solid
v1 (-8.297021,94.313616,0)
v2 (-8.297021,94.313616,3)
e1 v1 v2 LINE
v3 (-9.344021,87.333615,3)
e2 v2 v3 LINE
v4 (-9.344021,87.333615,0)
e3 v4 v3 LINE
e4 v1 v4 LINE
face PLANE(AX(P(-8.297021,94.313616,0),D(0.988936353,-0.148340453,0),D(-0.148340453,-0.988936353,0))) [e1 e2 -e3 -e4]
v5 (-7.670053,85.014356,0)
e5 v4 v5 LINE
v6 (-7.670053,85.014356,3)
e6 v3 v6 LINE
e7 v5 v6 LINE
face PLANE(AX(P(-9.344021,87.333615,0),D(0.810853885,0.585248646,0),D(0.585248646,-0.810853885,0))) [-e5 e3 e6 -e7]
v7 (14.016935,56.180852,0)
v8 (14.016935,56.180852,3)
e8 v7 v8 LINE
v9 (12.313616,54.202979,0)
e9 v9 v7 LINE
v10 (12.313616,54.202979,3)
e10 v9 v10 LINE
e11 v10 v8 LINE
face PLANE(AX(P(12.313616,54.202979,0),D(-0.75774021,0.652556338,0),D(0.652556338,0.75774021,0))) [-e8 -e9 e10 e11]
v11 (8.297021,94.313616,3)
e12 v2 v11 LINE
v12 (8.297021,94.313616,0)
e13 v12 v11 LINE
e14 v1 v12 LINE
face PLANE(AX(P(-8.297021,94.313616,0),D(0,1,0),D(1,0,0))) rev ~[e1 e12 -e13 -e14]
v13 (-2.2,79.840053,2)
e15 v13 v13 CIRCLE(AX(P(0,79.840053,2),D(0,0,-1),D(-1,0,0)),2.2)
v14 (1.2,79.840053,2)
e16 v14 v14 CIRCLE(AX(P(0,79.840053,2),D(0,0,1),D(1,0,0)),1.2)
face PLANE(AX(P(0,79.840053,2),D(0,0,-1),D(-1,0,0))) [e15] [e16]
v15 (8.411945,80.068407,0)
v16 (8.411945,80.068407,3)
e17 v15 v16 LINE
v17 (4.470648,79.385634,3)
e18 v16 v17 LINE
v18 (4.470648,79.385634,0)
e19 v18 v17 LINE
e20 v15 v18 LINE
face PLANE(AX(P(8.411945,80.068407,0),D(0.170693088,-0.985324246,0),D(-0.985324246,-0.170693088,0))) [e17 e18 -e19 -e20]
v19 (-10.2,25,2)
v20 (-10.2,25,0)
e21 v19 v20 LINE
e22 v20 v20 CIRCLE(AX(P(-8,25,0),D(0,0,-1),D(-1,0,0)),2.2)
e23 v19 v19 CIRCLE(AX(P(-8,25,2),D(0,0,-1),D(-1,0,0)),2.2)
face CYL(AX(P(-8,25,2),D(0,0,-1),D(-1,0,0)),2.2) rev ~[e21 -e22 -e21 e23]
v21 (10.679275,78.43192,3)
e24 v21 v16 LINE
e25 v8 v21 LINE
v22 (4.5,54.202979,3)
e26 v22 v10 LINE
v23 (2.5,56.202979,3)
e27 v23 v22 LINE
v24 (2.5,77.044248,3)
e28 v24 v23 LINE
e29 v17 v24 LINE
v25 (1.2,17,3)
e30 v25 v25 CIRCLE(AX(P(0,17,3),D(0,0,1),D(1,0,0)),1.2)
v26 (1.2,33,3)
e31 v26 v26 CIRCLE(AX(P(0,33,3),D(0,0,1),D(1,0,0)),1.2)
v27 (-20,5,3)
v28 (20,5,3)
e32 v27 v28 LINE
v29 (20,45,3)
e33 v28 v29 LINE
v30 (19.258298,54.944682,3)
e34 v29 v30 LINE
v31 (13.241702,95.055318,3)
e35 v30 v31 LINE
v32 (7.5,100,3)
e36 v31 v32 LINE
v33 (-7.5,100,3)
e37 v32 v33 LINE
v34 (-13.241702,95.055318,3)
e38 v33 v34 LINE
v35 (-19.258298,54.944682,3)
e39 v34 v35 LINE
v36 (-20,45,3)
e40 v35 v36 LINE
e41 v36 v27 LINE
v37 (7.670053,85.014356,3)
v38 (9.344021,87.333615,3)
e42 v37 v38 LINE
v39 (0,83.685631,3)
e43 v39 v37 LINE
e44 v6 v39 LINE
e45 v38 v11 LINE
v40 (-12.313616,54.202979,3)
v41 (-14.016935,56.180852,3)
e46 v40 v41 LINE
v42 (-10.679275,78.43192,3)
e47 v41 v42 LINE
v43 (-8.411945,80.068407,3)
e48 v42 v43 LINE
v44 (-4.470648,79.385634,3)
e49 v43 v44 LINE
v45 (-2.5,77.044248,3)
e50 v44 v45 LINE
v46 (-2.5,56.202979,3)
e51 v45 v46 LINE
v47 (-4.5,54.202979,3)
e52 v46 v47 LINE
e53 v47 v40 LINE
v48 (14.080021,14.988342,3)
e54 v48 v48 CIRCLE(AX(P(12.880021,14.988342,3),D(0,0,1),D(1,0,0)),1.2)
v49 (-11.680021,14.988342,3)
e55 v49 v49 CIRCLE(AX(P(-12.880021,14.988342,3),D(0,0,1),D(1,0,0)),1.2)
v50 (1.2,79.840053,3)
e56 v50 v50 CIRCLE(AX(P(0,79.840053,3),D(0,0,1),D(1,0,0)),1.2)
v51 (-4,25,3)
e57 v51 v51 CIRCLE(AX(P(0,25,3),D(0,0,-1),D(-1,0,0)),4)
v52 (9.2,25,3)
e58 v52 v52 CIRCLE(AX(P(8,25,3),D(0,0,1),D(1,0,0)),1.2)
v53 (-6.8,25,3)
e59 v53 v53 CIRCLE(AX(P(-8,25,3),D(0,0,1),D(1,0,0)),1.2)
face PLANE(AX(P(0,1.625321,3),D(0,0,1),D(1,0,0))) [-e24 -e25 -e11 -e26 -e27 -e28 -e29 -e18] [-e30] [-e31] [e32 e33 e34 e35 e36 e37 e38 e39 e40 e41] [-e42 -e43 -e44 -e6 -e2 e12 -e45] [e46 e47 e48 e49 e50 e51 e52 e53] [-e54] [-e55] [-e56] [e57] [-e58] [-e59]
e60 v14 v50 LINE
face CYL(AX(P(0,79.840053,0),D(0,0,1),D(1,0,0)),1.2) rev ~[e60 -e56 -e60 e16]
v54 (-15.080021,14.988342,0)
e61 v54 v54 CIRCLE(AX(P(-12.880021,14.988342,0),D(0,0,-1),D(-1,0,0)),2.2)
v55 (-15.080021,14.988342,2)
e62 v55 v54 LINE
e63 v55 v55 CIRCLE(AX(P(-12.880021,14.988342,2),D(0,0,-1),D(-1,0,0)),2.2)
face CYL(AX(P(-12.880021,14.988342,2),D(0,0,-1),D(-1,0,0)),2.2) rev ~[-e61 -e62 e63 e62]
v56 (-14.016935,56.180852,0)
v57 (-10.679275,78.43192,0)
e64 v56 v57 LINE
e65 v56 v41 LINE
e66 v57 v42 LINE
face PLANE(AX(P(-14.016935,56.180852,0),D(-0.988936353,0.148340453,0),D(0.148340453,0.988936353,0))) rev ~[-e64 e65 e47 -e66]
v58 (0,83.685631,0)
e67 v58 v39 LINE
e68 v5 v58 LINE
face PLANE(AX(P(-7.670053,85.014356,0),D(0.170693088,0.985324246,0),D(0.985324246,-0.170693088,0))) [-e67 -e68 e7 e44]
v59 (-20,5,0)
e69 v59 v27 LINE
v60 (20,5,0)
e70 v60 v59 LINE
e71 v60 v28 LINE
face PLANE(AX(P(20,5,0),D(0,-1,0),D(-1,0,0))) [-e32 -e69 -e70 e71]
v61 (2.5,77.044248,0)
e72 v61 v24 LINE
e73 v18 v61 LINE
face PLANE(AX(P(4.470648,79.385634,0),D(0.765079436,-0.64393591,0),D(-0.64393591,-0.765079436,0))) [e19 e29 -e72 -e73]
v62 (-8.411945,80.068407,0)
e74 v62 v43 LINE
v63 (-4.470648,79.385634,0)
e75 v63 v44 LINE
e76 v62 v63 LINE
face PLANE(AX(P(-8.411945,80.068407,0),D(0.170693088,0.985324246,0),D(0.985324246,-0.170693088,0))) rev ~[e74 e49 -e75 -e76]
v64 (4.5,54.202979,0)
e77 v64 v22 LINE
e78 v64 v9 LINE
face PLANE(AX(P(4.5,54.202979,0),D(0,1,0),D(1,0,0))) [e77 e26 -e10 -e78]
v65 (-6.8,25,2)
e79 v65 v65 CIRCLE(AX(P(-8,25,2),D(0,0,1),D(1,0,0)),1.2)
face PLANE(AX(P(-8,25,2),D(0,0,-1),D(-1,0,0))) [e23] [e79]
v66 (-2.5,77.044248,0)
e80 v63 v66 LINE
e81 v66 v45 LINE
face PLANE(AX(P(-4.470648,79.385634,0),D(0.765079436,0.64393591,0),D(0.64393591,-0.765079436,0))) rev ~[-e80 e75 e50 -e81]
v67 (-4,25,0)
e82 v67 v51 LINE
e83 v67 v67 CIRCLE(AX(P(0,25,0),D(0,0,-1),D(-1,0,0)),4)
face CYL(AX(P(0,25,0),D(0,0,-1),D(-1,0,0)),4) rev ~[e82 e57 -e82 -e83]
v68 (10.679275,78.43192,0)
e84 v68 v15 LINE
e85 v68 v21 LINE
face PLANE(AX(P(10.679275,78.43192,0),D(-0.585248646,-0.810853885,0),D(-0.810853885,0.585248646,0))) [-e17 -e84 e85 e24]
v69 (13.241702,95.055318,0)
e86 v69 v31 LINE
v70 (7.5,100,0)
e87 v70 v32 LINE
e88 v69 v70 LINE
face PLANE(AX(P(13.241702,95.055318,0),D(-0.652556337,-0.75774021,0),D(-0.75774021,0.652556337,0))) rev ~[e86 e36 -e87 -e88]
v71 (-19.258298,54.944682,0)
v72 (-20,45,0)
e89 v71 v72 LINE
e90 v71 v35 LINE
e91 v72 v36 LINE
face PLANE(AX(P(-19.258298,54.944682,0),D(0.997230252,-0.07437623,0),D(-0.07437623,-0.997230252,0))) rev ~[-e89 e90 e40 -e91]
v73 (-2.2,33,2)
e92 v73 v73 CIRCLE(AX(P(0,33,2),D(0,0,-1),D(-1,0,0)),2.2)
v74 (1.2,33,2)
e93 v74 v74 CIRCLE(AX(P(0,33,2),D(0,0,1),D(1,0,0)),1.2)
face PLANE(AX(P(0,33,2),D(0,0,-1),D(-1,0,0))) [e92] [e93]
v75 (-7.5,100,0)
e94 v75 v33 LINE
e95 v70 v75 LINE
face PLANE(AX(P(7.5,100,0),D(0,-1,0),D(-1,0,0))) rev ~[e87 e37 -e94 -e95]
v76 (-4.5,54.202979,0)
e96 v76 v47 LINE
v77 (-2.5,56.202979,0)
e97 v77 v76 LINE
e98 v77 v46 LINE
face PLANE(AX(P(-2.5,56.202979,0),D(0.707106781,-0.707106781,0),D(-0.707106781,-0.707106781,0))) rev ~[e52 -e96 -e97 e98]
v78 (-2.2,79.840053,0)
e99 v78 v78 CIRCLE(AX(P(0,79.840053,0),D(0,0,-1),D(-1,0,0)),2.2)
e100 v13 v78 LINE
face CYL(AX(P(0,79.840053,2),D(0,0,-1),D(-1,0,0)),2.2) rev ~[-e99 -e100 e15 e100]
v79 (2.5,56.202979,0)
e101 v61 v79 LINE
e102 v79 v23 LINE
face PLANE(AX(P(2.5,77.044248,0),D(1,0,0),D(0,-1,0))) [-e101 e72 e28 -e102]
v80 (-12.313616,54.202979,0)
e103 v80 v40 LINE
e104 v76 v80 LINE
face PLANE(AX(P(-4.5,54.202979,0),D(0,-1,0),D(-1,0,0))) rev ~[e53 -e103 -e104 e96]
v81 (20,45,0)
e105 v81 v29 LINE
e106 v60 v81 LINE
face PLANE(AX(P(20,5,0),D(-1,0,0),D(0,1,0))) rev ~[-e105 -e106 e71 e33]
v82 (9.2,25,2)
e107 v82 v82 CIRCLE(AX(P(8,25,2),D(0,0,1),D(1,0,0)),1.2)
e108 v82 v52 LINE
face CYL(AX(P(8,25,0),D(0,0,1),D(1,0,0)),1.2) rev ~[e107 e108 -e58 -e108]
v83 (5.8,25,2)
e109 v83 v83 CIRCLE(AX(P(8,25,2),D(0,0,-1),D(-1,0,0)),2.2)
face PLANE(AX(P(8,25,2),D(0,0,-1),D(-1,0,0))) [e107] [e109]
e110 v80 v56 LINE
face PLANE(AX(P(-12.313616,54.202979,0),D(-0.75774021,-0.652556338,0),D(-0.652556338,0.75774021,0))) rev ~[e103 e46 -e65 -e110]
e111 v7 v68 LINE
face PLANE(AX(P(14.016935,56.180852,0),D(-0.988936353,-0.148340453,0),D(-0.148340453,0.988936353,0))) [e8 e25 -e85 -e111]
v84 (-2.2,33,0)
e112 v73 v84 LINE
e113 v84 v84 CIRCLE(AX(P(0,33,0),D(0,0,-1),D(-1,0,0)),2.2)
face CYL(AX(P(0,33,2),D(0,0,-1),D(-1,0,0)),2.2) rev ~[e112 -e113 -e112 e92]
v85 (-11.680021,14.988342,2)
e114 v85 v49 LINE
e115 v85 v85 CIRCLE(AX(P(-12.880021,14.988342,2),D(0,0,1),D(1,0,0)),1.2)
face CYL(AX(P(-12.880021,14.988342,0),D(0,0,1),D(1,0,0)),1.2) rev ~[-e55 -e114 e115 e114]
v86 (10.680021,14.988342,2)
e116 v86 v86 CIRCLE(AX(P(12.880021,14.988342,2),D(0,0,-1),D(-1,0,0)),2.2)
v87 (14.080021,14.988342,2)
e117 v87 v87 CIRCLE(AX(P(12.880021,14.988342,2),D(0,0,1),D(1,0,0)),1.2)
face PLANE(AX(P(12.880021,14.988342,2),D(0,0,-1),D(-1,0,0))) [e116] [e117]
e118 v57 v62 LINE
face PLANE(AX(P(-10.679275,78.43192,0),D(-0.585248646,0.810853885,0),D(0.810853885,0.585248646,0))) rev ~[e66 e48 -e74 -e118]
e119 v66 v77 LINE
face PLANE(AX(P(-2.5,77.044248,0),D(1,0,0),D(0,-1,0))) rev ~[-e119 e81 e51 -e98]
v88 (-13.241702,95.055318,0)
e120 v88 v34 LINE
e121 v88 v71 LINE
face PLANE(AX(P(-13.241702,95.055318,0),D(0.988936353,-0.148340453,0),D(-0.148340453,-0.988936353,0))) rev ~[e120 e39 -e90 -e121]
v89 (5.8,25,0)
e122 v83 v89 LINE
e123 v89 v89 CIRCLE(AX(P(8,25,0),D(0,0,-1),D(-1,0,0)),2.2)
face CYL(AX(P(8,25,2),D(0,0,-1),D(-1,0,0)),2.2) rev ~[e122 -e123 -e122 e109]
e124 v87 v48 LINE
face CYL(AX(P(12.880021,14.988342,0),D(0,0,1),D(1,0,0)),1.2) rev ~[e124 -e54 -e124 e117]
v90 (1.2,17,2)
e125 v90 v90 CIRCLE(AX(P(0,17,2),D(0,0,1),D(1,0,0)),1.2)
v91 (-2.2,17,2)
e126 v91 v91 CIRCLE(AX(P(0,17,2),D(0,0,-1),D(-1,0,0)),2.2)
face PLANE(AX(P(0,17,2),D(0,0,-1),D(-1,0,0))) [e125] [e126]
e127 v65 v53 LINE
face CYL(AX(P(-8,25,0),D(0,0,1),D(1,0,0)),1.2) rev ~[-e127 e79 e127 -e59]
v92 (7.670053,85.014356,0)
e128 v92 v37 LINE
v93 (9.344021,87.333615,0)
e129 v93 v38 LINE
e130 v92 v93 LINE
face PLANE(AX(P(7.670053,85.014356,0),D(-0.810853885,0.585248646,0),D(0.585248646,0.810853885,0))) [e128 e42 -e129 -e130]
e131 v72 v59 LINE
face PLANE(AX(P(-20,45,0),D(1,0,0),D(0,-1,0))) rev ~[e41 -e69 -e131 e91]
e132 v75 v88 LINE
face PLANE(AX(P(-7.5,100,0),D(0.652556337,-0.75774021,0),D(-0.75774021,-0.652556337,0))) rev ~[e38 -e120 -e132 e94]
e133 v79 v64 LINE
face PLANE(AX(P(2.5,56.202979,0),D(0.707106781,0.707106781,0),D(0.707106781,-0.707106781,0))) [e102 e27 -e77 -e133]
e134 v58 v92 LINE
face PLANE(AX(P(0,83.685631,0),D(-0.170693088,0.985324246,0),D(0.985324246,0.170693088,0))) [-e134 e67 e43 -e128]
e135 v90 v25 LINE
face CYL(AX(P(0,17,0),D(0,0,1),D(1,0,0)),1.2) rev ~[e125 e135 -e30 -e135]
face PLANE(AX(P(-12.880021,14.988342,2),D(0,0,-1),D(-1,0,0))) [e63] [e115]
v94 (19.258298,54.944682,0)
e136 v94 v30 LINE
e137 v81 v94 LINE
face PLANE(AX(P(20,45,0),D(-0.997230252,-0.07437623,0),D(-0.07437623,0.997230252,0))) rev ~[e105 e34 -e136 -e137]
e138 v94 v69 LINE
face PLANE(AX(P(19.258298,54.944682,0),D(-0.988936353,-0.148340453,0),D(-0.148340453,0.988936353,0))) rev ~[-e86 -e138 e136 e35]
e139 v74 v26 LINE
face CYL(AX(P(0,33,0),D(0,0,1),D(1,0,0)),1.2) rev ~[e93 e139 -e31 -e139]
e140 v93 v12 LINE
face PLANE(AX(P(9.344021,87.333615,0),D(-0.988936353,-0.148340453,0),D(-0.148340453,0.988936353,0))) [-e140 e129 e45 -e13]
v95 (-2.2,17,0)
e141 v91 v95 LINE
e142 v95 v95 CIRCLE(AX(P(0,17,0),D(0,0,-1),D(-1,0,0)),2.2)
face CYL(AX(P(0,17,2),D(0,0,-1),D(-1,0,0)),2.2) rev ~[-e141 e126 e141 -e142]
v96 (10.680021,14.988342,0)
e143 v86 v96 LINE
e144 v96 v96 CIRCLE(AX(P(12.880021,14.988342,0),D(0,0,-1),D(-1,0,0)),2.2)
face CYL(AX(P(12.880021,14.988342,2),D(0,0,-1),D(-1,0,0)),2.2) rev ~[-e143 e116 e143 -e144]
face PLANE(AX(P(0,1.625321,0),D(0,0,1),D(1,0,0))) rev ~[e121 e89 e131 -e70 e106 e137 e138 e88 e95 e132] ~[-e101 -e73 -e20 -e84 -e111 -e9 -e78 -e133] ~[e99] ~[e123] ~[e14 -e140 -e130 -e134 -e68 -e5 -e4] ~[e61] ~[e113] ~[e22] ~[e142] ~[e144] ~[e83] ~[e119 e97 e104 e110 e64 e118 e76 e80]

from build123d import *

# Parameters (mm, degrees)
EXTRUDE_1_DEPTH              = 3
CUT_EXTRUDE_1_REACH          = 104.025
SKETCH_2_W                   = 5
SKETCH_2_H                   = 10
HOLE_WIZARD_M2_1_D           = 2.4
HOLE_WIZARD_M2_1_CBORE_D     = 4.4
HOLE_WIZARD_M2_1_CBORE_DEPTH = 2
CUT_EXTRUDE_2_REACH          = 104.025
SKETCH_5_R                   = 4
HOLE_WIZARD_M2_2_D           = 2.4
HOLE_WIZARD_M2_2_CBORE_D     = 4.4
HOLE_WIZARD_M2_2_CBORE_DEPTH = 2
HOLE_WIZARD_M2_3_D           = 2.4
HOLE_WIZARD_M2_3_CBORE_D     = 4.4
HOLE_WIZARD_M2_3_CBORE_DEPTH = 2
CUT_EXTRUDE_3_DEPTH          = 3
HOLE_WIZARD_M2_5_D           = 2.4
HOLE_WIZARD_M2_5_CBORE_D     = 4.4
HOLE_WIZARD_M2_5_CBORE_DEPTH = 2
HOLE_WIZARD_M2_6_D           = 2.4
HOLE_WIZARD_M2_6_CBORE_D     = 4.4
HOLE_WIZARD_M2_6_CBORE_DEPTH = 2
SKETCH_17_OUTSIDE_W          = 82.796
SKETCH_17_OUTSIDE_H          = 242.796
CUT_EXTRUDE_4_DEPTH          = 10


with BuildPart() as part:
    # 草图1 → 凸台-拉伸1 (new body)
    with BuildSketch(Plane.XY):
        Polygon((20, 5), (20, 45), (19.258297735, 54.944681764), (13.241702265, 95.055318236), (7.5, 100), (-7.5, 100), (-13.241702265, 95.055318236), (-19.258297735, 54.944681764), (-20, 45), (-20, 5), (-19.379826327, -4.961389384), (-7.748069469, -98.015444247), (-5.5, -100), (5.5, -100), (7.748069469, -98.015444247), (19.379826327, -4.961389384), align=None)
    extrude(amount=EXTRUDE_1_DEPTH)

    # 草图2 → 切除-拉伸1 (cut, up to next)
    with BuildSketch(Plane.XY.offset(3), mode=Mode.PRIVATE) as cut_extrude_1_sk1:
        Polygon((10, -5), (-10, -5), (0, -22.320508076), align=None)
    cut_extrude_1_tool1 = extrude(cut_extrude_1_sk1.sketch, amount=-CUT_EXTRUDE_1_REACH, mode=Mode.PRIVATE) & part.part
    # 草图2 → 切除-拉伸1 (cut, up to next)
    with BuildSketch(Plane.XY.offset(3), mode=Mode.PRIVATE) as cut_extrude_1_sk2:
        Polygon((6.211088907, -70), (13.938881842, -8.177656525), (2.5, -27.990381057), (2.5, -70), align=None)
    cut_extrude_1_tool2 = extrude(cut_extrude_1_sk2.sketch, amount=-CUT_EXTRUDE_1_REACH, mode=Mode.PRIVATE) & part.part
    # 草图2 → 切除-拉伸1 (cut, up to next)
    with BuildSketch(Plane.XY.offset(3), mode=Mode.PRIVATE) as cut_extrude_1_sk3:
        Polygon((-13.938881842, -8.177656525), (-2.5, -27.990381057), (-2.5, -70), (-6.211088907, -70), align=None)
    cut_extrude_1_tool3 = extrude(cut_extrude_1_sk3.sketch, amount=-CUT_EXTRUDE_1_REACH, mode=Mode.PRIVATE) & part.part
    # 草图2 → 切除-拉伸1 (cut, up to next)
    with BuildSketch(Plane.XY.offset(3), mode=Mode.PRIVATE) as cut_extrude_1_sk4:
        with Locations((0, -85)):
            Rectangle(SKETCH_2_W, SKETCH_2_H)
    cut_extrude_1_tool4 = extrude(cut_extrude_1_sk4.sketch, amount=-CUT_EXTRUDE_1_REACH, mode=Mode.PRIVATE) & part.part
    add(cut_extrude_1_tool1.solids().sort_by_distance((0, -10.773503, 3))[0], mode=Mode.SUBTRACT)
    add(cut_extrude_1_tool2.solids().sort_by_distance((6.712708, -39.914502, 3))[0], mode=Mode.SUBTRACT)
    add(cut_extrude_1_tool3.solids().sort_by_distance((-6.712708, -39.914502, 3))[0], mode=Mode.SUBTRACT)
    add(cut_extrude_1_tool4.solids().sort_by_distance((0, -85, 3))[0], mode=Mode.SUBTRACT)

    # M2 凹头盖螺钉的柱形沉头孔1 (through all)
    with Locations(Plane(origin=(5.586088907, -75, 0), x_dir=(-1, 0, 0), z_dir=(0, 0, -1))):
        with Locations((0, 0), (11.172177814, 0)):
            CounterBoreHole(HOLE_WIZARD_M2_1_D / 2, HOLE_WIZARD_M2_1_CBORE_D / 2, HOLE_WIZARD_M2_1_CBORE_DEPTH)

    # 草图5 → 切除-拉伸2 (cut, up to next)
    with BuildSketch(Plane(origin=(0, 0, 0), x_dir=(-1, 0, 0), z_dir=(0, 0, -1)), mode=Mode.PRIVATE) as cut_extrude_2_sk1:
        with Locations((0, 25)):
            Circle(SKETCH_5_R)
    cut_extrude_2_tool1 = extrude(cut_extrude_2_sk1.sketch, amount=-CUT_EXTRUDE_2_REACH, mode=Mode.PRIVATE) & part.part
    add(cut_extrude_2_tool1.solids().sort_by_distance((0, 25, 0))[0], mode=Mode.SUBTRACT)

    # M2 凹头盖螺钉的柱形沉头孔2 (through all)
    with Locations(Plane(origin=(8, 25, 0), x_dir=(-1, 0, 0), z_dir=(0, 0, -1))):
        with Locations((0, 0), (8, 8), (16, 0), (8, -8)):
            CounterBoreHole(HOLE_WIZARD_M2_2_D / 2, HOLE_WIZARD_M2_2_CBORE_D / 2, HOLE_WIZARD_M2_2_CBORE_DEPTH)

    # M2 凹头盖螺钉的柱形沉头孔3 (through all)
    with Locations(Plane(origin=(12.880020708, -5.011657807, 0), x_dir=(-1, 0, 0), z_dir=(0, 0, -1))):
        with Locations((0, 0), (25.760041416, 0)):
            CounterBoreHole(HOLE_WIZARD_M2_3_D / 2, HOLE_WIZARD_M2_3_CBORE_D / 2, HOLE_WIZARD_M2_3_CBORE_DEPTH)

    # 草图10 → 切除-拉伸3 (cut)
    with BuildSketch(Plane(origin=(0, 0, 0), x_dir=(-1, 0, 0), z_dir=(0, 0, -1))):
        Polygon((-14.016935065, 56.180852205), (-10.679274874, 78.431920145), (-8.411945476, 80.068406675), (-4.470648492, 79.385634325), (-2.5, 77.04424815), (-2.5, 56.2029795), (-4.5, 54.2029795), (-12.313615971, 54.2029795), align=None)
        Polygon((-9.344020618, 87.333615184), (-8.2970205, 94.313615971), (0, 94.313615971), (8.2970205, 94.313615971), (9.344020618, 87.333615184), (7.670053032, 85.014356303), (0, 83.685631227), (-7.670053032, 85.014356303), align=None)
        Polygon((4.5, 54.2029795), (12.313615971, 54.2029795), (14.016935065, 56.180852205), (10.679274874, 78.431920145), (8.411945476, 80.068406675), (4.470648492, 79.385634325), (2.5, 77.04424815), (2.5, 56.2029795), align=None)
    extrude(amount=-CUT_EXTRUDE_3_DEPTH, mode=Mode.SUBTRACT)

    # M2 凹头盖螺钉的柱形沉头孔5 (through all)
    with Locations(Plane(origin=(0, 79.840052868, 0), x_dir=(-1, 0, 0), z_dir=(0, 0, -1))):
        with Locations((0, 0)):
            CounterBoreHole(HOLE_WIZARD_M2_5_D / 2, HOLE_WIZARD_M2_5_CBORE_D / 2, HOLE_WIZARD_M2_5_CBORE_DEPTH)

    # M2 凹头盖螺钉的柱形沉头孔6 (through all)
    with Locations(Plane(origin=(12.880020708, 14.988342193, 0), x_dir=(-1, 0, 0), z_dir=(0, 0, -1))):
        with Locations((0, 0), (25.760041416, 0)):
            CounterBoreHole(HOLE_WIZARD_M2_6_D / 2, HOLE_WIZARD_M2_6_CBORE_D / 2, HOLE_WIZARD_M2_6_CBORE_DEPTH)

    # 草图17 outside → 切除-拉伸4 (cut)
    with BuildSketch(Plane(origin=(0, 0, 0), x_dir=(-1, 0, 0), z_dir=(0, 0, -1))):
        Rectangle(SKETCH_17_OUTSIDE_W, SKETCH_17_OUTSIDE_H)
        Polygon((-20, 5), (20, 5), (20, 99.998273705), (7.5, 100), (-7.5, 100), (-20, 99.998273705), align=None, mode=Mode.SUBTRACT)
    extrude(amount=-CUT_EXTRUDE_4_DEPTH, mode=Mode.SUBTRACT)


solid = part.part
